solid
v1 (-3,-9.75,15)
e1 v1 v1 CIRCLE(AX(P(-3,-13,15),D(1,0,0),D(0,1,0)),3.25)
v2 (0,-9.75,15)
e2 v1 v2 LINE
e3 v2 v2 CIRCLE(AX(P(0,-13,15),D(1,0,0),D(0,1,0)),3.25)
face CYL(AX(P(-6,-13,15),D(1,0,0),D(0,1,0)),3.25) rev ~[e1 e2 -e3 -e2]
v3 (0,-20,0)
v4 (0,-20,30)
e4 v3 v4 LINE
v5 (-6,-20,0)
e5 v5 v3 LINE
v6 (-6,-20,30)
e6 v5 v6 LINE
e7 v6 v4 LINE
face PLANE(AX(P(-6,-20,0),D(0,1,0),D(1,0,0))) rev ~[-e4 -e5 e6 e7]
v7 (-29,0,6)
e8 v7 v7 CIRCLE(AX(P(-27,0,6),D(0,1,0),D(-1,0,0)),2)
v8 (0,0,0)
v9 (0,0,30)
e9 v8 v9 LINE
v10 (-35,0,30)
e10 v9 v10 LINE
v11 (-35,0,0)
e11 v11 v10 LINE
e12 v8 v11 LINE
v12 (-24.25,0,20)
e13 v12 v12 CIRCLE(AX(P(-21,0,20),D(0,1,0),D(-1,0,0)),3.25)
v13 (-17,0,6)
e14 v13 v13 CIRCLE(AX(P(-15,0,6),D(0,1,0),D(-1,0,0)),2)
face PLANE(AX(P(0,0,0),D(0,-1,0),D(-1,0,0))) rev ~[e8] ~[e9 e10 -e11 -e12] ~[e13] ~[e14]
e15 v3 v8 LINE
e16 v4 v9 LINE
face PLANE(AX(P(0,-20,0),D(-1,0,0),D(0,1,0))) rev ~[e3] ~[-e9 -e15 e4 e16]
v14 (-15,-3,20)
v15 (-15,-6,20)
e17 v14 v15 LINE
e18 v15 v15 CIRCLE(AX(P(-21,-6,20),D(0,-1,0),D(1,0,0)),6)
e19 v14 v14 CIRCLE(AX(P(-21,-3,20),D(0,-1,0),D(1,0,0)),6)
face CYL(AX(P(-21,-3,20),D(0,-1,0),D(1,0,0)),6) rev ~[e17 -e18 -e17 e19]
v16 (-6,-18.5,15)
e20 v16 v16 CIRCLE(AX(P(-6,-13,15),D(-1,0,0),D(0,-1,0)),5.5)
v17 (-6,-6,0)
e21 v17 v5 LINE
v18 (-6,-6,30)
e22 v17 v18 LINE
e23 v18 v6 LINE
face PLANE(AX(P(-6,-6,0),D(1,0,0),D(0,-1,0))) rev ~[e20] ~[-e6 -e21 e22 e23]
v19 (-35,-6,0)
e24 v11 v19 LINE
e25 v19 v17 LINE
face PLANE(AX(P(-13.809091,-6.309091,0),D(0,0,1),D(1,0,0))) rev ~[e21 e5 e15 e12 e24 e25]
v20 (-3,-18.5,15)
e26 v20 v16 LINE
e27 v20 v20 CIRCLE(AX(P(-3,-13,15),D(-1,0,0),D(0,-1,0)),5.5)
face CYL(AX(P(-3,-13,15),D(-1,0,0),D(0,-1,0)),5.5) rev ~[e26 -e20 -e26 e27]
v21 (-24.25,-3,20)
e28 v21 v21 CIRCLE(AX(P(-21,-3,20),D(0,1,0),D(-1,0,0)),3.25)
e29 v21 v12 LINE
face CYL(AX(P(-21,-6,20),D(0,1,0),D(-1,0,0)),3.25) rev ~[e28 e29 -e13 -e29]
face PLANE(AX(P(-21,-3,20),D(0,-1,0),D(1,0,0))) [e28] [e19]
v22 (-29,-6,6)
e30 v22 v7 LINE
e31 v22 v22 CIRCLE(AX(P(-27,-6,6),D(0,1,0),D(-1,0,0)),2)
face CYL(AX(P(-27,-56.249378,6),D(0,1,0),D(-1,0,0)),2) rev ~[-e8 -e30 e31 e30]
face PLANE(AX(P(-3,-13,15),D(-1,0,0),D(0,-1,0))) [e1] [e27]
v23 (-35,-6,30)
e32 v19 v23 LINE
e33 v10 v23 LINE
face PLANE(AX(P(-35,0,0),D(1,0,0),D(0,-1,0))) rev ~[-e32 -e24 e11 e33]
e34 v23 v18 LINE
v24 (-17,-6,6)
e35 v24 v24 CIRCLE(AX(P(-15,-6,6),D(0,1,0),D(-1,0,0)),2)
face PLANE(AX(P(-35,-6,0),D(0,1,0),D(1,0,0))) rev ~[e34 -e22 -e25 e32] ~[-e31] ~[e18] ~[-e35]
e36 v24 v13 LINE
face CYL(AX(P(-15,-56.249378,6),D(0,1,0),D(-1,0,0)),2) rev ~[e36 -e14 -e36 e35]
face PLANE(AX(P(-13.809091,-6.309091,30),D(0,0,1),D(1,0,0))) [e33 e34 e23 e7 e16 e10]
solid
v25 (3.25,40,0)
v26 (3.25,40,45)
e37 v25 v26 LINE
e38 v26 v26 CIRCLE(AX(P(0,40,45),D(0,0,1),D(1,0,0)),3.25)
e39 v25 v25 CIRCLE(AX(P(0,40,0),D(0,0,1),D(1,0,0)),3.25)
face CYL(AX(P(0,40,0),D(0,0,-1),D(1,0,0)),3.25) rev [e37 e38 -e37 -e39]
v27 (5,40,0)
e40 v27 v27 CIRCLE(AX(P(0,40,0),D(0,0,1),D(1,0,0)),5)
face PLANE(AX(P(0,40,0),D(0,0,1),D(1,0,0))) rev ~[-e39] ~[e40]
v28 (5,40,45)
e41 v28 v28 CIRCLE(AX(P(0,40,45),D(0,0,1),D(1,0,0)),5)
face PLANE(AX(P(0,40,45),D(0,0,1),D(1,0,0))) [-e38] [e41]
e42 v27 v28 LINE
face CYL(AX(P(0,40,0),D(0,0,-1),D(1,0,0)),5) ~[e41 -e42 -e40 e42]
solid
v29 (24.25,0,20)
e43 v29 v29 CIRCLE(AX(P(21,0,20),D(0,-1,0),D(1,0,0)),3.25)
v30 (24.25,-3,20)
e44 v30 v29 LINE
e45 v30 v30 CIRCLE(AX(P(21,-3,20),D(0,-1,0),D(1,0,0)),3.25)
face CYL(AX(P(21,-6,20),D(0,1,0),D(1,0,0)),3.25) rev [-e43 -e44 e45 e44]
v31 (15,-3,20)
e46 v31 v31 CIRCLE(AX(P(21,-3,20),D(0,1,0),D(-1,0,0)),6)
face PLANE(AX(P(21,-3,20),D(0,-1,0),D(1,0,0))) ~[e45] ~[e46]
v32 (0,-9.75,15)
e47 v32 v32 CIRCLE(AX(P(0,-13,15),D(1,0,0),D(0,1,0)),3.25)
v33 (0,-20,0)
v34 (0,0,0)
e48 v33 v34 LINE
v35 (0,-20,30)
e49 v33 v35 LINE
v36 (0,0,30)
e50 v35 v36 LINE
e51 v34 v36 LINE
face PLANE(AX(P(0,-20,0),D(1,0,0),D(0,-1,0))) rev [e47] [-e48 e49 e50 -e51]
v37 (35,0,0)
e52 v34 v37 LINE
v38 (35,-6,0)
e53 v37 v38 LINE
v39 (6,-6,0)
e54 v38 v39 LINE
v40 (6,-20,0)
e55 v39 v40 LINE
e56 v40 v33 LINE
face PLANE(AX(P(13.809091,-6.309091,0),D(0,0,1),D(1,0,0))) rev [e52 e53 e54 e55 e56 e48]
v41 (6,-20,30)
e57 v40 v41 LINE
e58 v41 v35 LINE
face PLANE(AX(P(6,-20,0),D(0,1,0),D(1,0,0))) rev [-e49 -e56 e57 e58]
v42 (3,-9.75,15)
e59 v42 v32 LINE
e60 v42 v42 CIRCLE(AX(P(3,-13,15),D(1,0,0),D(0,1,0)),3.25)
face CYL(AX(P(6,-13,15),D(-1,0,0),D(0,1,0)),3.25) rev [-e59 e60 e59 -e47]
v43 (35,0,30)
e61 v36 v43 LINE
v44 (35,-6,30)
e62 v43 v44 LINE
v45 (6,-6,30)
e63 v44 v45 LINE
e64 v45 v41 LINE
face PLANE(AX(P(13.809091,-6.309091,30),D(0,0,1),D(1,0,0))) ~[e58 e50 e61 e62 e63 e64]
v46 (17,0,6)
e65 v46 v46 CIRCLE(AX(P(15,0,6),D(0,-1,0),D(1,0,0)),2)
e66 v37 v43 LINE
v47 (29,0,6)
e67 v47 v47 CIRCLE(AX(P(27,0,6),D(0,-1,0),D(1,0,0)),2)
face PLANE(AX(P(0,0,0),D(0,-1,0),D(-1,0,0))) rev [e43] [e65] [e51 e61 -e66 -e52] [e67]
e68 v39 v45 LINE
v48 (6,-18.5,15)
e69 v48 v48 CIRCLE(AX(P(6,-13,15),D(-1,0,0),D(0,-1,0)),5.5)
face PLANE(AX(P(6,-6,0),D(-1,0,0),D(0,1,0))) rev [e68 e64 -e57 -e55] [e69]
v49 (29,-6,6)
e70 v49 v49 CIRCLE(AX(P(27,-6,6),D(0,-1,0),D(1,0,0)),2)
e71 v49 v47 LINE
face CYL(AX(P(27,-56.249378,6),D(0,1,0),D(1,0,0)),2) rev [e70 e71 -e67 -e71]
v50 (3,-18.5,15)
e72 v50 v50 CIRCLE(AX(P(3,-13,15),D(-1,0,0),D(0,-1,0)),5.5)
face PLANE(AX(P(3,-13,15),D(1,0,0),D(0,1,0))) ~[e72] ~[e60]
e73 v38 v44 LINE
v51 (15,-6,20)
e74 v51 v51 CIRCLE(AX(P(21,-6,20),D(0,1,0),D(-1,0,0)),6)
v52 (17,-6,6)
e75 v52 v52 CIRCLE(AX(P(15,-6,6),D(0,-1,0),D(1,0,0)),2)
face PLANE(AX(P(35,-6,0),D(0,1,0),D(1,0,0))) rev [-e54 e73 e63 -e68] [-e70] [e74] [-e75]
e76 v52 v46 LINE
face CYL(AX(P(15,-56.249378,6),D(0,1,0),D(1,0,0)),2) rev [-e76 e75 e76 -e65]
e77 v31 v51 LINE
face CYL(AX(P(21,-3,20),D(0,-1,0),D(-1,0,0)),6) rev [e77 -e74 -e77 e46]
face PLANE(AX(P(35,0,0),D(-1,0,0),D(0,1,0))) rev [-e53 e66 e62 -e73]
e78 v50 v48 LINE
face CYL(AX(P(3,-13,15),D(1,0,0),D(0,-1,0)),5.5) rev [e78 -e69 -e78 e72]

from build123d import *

# Parameters (mm, degrees)
F1_DEPTH       = 30
F3_D           = 6.5
F3_CBORE_D     = 12
F3_CBORE_DEPTH = 3
F4_D           = 4
F6_D           = 6.5
F6_CBORE_D     = 11
F6_CBORE_DEPTH = 3
F0_R           = 5
F0_R_2         = 3.25
F8_DEPTH       = 45


with BuildPart() as f1:
    # F0 (on Top) → F1 (new body)
    with BuildSketch(Plane.XY):
        Polygon((-6, -20), (0, -20), (0, 0), (-35, 0), (-35, -6), (-6, -6), align=None)
    extrude(amount=F1_DEPTH)

    # F3 (through all)
    with Locations(Plane.XZ.offset(6)):
        with Locations((-21, 20)):
            CounterBoreHole(F3_D / 2, F3_CBORE_D / 2, F3_CBORE_DEPTH)

    # F4 (through all)
    with Locations(Plane.XZ.offset(6)):
        with Locations((-27, 6), (-15, 6)):
            Hole(F4_D / 2)

    # F6 (through all)
    with Locations(Plane(origin=(-6, 0, 0), x_dir=(0, -1, 0), z_dir=(-1, 0, 0))):
        with Locations((13, 15)):
            CounterBoreHole(F6_D / 2, F6_CBORE_D / 2, F6_CBORE_DEPTH)


with BuildPart() as f7_1:
    # F7: instance of F1
    add(f1.part.mirror(Plane.YZ))


with BuildPart() as f8:
    # F0 (on Top) → F8 (new body)
    with BuildSketch(Plane.XY):
        with Locations((0, 40)):
            Circle(F0_R)
        with Locations((0, 40)):
            Circle(F0_R_2, mode=Mode.SUBTRACT)
    extrude(amount=F8_DEPTH)


solid = Compound([f1.part, f7_1.part, f8.part])
